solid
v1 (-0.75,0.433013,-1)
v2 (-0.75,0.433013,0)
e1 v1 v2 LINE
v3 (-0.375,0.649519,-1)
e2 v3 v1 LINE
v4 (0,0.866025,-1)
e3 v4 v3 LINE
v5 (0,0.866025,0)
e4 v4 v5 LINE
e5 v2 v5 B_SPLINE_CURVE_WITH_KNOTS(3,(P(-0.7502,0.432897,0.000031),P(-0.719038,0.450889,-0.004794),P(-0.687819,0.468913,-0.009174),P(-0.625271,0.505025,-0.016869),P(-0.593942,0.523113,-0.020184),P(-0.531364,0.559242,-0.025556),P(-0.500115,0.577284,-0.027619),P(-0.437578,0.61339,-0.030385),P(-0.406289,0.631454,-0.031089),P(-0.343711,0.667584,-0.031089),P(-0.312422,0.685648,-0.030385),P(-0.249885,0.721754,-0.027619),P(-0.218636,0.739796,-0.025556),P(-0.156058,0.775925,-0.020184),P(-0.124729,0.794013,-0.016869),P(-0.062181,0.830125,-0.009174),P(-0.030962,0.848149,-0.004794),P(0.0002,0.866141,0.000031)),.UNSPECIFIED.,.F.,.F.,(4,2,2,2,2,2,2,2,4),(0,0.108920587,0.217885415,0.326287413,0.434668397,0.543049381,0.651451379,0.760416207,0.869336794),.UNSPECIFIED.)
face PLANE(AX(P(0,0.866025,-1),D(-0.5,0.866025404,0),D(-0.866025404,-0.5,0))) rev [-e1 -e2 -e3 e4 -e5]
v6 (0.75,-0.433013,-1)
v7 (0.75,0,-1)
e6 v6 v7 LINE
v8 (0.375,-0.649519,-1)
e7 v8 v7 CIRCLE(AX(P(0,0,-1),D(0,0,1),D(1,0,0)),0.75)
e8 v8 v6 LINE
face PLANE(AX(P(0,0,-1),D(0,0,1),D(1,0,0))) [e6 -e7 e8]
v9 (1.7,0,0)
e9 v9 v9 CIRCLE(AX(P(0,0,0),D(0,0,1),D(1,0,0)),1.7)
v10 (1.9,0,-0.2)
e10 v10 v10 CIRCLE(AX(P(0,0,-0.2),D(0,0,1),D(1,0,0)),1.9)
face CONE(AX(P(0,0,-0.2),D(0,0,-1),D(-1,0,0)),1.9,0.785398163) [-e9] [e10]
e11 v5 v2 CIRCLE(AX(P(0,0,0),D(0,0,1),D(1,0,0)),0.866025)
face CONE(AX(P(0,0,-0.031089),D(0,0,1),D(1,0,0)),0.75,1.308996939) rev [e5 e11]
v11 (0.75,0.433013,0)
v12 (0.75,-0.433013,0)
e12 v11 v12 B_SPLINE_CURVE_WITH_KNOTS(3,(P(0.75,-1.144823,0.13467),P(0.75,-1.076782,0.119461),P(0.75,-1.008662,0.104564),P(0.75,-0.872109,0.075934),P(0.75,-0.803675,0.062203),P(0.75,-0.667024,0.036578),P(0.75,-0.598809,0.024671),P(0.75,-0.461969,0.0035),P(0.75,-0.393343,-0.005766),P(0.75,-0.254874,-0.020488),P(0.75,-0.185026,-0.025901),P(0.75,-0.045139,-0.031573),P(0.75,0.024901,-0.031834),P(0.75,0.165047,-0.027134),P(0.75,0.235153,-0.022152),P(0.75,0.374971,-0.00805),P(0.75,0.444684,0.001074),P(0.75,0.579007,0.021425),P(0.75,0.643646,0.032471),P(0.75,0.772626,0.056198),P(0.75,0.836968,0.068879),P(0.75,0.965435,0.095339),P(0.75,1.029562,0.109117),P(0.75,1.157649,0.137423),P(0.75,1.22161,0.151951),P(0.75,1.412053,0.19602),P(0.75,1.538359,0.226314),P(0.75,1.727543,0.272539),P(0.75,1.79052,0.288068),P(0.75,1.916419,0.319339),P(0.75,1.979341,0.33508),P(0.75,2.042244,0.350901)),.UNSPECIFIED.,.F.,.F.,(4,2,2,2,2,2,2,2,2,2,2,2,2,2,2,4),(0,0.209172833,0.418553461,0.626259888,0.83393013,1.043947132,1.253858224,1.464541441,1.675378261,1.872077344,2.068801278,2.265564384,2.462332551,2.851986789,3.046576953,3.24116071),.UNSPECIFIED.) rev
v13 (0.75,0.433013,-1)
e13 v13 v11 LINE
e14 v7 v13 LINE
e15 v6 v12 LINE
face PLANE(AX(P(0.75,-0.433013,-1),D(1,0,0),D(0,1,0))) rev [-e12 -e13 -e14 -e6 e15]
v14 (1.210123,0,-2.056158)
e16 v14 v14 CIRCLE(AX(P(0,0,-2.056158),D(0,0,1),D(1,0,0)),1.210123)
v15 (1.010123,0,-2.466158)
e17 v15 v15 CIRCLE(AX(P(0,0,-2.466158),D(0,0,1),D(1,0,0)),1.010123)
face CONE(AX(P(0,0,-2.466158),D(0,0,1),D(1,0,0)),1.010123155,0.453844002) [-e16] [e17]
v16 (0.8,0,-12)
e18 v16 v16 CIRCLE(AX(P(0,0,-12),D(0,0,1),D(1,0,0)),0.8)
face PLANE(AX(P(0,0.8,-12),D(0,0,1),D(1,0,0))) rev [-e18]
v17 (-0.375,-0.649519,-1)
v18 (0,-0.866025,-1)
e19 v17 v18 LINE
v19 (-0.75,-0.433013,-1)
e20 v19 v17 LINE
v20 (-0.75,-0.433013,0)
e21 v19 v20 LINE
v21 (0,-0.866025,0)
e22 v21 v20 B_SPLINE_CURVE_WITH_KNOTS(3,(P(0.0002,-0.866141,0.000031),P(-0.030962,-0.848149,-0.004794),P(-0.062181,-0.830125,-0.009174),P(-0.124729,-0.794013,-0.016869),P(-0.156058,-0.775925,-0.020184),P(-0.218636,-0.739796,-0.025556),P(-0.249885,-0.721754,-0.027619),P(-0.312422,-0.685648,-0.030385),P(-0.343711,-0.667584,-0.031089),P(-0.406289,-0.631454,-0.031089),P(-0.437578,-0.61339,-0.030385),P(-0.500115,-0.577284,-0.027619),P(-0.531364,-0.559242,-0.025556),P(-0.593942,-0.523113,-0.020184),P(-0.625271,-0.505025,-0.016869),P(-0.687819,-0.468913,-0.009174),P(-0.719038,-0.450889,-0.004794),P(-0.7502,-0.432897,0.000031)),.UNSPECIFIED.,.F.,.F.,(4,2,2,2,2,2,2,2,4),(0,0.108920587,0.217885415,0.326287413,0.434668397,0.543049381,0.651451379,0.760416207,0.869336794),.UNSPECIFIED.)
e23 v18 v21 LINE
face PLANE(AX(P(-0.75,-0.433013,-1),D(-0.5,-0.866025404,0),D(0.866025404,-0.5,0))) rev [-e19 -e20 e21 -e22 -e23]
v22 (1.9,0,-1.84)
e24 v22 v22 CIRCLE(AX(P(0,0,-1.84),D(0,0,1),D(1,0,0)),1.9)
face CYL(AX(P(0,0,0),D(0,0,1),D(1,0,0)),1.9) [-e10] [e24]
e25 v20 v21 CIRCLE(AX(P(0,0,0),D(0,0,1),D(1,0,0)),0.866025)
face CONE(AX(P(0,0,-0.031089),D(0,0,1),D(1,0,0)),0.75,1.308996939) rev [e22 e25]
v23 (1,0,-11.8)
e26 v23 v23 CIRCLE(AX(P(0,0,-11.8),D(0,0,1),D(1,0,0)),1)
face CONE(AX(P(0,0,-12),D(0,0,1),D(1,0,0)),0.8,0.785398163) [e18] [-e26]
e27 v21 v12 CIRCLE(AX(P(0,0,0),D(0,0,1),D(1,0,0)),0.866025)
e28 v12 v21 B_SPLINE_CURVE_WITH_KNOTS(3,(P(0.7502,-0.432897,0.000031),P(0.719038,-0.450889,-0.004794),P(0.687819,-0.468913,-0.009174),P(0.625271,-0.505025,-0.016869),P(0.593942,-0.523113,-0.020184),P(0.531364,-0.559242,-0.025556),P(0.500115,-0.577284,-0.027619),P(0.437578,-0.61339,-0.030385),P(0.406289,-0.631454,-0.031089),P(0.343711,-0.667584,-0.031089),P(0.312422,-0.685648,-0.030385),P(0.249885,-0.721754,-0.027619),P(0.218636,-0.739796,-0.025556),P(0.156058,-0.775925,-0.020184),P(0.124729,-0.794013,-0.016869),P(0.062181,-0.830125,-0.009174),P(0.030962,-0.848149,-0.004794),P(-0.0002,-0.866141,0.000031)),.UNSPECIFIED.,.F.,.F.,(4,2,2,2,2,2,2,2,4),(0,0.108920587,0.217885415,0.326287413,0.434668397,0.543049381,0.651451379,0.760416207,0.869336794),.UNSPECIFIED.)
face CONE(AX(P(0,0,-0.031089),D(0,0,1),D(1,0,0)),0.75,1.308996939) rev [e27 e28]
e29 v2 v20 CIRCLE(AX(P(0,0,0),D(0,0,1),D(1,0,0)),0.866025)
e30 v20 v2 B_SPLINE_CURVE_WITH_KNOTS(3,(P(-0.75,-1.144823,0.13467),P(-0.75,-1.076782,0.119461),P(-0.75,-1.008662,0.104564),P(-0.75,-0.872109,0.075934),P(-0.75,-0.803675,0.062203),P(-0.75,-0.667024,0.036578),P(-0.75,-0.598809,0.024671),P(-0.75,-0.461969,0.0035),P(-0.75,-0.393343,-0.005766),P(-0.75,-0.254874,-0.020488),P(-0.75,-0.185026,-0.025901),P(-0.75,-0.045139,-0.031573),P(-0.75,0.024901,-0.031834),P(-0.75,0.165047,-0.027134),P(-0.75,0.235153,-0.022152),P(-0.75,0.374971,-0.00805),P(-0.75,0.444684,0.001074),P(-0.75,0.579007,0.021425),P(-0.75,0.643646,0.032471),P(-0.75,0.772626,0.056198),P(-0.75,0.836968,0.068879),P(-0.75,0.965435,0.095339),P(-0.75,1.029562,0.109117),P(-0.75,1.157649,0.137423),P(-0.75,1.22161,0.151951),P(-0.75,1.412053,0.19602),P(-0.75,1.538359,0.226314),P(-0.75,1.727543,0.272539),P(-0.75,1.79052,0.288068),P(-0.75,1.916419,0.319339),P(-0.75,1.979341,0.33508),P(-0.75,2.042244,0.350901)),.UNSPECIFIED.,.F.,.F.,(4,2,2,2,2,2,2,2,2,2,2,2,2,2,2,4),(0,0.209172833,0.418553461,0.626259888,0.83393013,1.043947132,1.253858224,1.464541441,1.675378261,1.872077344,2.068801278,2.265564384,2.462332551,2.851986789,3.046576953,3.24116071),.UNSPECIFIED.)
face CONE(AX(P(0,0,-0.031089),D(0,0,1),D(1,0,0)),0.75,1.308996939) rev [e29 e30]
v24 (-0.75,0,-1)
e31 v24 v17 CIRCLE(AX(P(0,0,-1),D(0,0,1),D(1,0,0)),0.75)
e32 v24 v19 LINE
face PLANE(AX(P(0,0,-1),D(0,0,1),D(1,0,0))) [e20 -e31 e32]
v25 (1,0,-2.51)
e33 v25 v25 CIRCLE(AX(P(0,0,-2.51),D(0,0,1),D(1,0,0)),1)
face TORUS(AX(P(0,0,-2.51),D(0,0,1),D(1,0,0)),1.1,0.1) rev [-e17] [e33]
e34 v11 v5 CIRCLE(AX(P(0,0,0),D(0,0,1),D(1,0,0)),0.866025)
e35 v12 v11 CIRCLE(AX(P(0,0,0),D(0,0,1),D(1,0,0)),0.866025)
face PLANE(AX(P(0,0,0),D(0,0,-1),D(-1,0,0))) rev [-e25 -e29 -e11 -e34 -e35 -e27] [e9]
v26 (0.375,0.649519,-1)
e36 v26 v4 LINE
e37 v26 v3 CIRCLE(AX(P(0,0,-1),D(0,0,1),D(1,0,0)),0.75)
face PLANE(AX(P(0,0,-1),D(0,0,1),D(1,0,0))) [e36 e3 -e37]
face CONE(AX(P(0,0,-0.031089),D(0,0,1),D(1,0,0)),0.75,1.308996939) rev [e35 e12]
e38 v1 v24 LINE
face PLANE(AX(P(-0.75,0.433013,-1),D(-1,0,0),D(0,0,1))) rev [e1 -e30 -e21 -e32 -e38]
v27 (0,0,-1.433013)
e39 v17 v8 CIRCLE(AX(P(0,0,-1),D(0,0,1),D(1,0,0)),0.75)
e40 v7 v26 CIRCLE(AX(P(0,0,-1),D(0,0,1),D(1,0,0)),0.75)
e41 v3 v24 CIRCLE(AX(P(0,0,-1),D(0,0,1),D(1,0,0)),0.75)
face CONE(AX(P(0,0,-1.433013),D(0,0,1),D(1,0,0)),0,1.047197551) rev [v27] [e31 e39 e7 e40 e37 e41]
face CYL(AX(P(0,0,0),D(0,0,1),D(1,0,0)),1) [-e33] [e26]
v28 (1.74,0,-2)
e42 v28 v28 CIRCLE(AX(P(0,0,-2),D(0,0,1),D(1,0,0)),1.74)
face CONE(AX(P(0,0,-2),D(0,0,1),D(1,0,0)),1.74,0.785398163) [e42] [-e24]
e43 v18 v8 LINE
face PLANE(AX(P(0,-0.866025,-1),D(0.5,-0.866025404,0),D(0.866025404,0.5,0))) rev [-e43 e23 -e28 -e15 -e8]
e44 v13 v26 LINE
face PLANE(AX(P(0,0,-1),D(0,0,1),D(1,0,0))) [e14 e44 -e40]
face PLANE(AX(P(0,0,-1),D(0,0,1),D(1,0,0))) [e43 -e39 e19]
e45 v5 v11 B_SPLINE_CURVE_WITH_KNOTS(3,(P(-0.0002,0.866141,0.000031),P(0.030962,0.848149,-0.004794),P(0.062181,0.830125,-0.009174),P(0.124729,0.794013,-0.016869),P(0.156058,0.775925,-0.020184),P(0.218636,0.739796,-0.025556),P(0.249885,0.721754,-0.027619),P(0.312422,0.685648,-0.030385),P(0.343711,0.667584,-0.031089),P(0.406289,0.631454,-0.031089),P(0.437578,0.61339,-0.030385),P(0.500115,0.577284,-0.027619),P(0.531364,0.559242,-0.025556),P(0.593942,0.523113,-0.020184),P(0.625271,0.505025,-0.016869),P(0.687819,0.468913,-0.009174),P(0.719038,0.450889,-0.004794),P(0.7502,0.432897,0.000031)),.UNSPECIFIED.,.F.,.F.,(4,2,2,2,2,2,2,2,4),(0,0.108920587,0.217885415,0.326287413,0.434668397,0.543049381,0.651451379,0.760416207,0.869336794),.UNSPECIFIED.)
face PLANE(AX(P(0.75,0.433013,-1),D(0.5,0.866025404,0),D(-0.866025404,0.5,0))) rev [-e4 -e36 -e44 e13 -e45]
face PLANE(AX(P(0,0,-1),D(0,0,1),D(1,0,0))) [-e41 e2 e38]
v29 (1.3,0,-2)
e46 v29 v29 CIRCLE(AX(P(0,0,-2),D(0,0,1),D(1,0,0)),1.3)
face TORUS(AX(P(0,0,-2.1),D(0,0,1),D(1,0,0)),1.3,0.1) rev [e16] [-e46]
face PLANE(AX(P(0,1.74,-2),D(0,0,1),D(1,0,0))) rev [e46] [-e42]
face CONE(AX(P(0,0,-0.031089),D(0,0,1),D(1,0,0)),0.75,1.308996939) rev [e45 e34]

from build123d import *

# Parameters (mm, degrees)
CUT_EXTRUDE1_DEPTH = 1


with BuildPart() as part:
    # Sketch1 → Revolve1 (revolve)
    with BuildSketch(Plane(origin=(0, 0, 0), x_dir=(0, 0, -1), z_dir=(1, 0, 0)), mode=Mode.PRIVATE) as revolve1_sk:
        with BuildLine():
            Line((0, 0), (0, 1.7))
            Line((0, 1.7), (0.2, 1.9))
            Line((0.2, 1.9), (1.84, 1.9))
            Line((1.84, 1.9), (2, 1.74))
            Line((2, 1.74), (2, 1.3))
            ThreePointArc((2, 1.3), (2.015193643, 1.24701055), (2.056157637, 1.210123155))
            Line((2.056157637, 1.210123155), (2.466157637, 1.010123155))
            ThreePointArc((2.466157637, 1.010123155), (2.48750205, 1.00256365), (2.51, 1))
            Line((2.51, 1), (11.8, 1))
            Line((11.8, 1), (12, 0.8))
            Line((12, 0.8), (12, 0))
            Line((12, 0), (0, 0))
        make_face()
    revolve(revolve1_sk.sketch.rotate(Axis((0, 0, 0), (0, 0, -1)), 90), axis=Axis((0, 0, 0), (0, 0, -1)))

    # Sketch2 → Cut-Extrude1 (cut)
    with BuildSketch(Plane.XY):
        Polygon((0, 0.866025404), (-0.75, 0.433012702), (-0.75, -0.433012702), (0, -0.866025404), (0.75, -0.433012702), (0.75, 0.433012702), align=None)
    extrude(amount=-CUT_EXTRUDE1_DEPTH, mode=Mode.SUBTRACT)

    # Sketch3 → Cut-Revolve2 (revolve, cut)
    with BuildSketch(Plane(origin=(0, 0, 0), x_dir=(0, 0, -1), z_dir=(1, 0, 0)), mode=Mode.PRIVATE) as cut_revolve2_sk:
        Polygon((1, 0), (1, 0.75), (1.433012702, 0), align=None)
    revolve(cut_revolve2_sk.sketch.rotate(Axis((0, 0, -1), (0, 0, -1)), 90), axis=Axis((0, 0, -1), (0, 0, -1)), mode=Mode.SUBTRACT)

    # Sketch4 → Cut-Revolve3 (revolve, cut)
    with BuildSketch(Plane(origin=(0, 0, 0), x_dir=(0, 0, -1), z_dir=(1, 0, 0))):
        Polygon((0, 0.866025404), (0, 0.75), (0.031088913, 0.75), align=None)
    revolve(axis=Axis((0, 0, 0), (0, 0, -1)), mode=Mode.SUBTRACT)


solid = part.part
